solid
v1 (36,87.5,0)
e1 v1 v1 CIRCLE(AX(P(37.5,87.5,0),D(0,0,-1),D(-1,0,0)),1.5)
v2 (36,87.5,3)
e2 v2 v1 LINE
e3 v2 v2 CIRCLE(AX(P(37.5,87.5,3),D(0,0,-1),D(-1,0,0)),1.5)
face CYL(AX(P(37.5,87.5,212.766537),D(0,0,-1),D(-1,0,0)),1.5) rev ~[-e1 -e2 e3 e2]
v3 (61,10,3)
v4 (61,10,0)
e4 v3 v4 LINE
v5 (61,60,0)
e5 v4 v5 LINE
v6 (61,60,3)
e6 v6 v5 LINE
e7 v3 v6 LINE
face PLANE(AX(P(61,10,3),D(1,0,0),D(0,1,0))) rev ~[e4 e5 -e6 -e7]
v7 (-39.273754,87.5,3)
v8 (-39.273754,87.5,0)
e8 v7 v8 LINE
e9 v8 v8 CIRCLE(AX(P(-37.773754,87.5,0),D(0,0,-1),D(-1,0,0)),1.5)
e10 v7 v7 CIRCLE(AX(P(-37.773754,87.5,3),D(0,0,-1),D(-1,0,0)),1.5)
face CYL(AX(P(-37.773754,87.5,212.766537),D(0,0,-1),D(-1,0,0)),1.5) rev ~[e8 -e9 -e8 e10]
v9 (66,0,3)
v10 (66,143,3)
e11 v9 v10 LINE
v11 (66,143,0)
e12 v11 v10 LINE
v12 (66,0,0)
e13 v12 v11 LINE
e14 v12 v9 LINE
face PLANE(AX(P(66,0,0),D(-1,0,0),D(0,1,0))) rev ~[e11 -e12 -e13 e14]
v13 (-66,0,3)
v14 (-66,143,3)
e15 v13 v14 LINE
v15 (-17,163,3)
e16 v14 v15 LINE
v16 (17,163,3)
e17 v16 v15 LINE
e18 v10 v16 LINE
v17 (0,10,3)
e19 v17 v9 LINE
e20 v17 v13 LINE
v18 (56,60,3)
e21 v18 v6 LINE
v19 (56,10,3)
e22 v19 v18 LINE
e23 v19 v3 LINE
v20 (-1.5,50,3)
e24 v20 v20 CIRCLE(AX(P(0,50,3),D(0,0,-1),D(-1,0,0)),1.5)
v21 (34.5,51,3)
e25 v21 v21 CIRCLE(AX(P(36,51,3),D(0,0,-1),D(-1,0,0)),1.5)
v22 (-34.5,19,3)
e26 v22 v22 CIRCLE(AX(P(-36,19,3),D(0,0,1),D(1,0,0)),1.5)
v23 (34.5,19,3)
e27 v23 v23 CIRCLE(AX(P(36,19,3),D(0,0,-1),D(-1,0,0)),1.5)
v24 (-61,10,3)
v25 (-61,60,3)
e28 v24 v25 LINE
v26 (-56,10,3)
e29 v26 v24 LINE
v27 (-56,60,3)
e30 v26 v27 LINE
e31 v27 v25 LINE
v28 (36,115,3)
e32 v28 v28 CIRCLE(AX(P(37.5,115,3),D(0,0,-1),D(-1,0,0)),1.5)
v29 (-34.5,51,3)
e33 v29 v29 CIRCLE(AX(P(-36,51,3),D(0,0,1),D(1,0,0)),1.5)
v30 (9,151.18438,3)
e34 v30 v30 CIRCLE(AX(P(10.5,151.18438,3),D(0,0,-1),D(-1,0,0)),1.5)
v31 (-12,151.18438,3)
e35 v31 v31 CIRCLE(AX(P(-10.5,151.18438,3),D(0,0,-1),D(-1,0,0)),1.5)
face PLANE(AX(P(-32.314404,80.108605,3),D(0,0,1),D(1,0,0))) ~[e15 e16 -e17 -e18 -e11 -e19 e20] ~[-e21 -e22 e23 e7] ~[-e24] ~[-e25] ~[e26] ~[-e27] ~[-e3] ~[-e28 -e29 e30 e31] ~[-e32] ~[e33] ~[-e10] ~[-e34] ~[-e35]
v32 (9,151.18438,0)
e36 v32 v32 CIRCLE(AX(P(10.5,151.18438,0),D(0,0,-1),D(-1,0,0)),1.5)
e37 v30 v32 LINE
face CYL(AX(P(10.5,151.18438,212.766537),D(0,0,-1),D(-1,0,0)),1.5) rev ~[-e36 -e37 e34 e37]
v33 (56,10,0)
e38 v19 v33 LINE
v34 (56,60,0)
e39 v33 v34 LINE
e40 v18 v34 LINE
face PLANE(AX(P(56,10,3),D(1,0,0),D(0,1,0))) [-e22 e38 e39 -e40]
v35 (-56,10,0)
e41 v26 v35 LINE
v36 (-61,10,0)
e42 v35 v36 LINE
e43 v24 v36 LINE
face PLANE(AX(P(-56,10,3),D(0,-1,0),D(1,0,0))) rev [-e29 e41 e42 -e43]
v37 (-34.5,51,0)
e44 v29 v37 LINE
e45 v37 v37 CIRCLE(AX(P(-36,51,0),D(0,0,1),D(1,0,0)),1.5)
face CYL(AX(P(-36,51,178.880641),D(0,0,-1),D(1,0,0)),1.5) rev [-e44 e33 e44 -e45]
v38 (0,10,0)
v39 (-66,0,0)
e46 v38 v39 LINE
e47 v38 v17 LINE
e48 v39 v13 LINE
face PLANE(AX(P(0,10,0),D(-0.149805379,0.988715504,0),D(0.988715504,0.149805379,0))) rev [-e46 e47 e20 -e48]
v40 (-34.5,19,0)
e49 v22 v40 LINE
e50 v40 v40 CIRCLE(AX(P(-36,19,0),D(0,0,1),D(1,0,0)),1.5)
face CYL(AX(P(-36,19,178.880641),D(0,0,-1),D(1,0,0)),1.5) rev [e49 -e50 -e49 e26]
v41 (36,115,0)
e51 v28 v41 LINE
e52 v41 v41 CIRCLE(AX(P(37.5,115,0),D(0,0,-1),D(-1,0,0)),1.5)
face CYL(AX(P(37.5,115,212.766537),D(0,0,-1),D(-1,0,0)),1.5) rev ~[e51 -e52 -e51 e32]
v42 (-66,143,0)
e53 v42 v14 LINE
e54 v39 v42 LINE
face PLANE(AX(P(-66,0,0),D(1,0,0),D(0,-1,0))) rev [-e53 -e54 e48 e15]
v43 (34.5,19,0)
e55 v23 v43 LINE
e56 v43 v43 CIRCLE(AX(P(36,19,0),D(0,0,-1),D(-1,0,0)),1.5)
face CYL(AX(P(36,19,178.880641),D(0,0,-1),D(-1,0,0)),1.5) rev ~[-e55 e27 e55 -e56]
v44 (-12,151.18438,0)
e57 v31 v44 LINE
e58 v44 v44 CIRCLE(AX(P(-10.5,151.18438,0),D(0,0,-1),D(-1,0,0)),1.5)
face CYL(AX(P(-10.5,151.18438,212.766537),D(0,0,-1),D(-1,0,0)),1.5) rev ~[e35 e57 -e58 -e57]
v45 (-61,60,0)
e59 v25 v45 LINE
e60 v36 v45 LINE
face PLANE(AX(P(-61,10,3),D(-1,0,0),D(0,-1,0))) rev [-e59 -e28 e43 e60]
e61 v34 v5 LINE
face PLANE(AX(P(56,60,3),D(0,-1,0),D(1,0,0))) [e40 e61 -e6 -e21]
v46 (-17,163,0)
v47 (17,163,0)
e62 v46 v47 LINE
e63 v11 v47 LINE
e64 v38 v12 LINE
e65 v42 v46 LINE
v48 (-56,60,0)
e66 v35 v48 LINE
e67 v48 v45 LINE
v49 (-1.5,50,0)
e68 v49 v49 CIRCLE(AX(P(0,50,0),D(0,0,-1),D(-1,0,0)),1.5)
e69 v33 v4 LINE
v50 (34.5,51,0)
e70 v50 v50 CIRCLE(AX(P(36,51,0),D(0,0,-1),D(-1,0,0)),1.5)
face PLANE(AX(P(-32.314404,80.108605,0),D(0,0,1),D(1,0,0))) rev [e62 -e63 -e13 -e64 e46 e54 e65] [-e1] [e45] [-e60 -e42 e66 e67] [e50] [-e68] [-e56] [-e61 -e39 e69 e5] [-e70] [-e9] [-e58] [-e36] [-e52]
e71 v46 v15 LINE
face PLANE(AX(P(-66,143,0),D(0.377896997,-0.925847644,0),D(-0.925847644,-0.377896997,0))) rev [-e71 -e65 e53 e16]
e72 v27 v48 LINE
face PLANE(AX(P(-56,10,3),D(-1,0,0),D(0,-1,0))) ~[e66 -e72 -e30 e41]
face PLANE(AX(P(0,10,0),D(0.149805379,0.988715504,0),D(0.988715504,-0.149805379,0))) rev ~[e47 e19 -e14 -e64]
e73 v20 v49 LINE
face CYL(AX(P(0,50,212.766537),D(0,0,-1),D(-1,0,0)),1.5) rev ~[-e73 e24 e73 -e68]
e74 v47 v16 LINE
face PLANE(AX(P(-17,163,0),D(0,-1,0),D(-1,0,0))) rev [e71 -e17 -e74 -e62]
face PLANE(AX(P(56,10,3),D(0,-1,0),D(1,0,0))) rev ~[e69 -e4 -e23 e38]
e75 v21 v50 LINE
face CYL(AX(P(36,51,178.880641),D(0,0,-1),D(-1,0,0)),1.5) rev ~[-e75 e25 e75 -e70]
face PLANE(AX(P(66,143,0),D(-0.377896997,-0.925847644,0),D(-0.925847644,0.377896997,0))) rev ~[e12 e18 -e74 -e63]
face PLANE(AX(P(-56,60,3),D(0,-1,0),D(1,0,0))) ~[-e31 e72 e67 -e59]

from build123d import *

# Parameters (mm, degrees)
F1_DEPTH = 3
F2_W     = 5
F2_H     = 50
F3_DEPTH = 3
F5_D     = 3
F8_D     = 3
F10_D    = 3
F12_D    = 3
F14_D    = 3


with BuildPart() as f1:
    # F0 (on Top) → F1 (new body)
    with BuildSketch(Plane.XY):
        Polygon((0, 10), (66, 0), (66, 143), (17, 163), (0, 163), align=None)
    extrude(amount=F1_DEPTH)

    # F2 (on face) → F3 (cut)
    with BuildSketch(Plane.XY.offset(3)):
        with Locations((58.5, 35)):
            Rectangle(F2_W, F2_H)
    extrude(amount=-F3_DEPTH, mode=Mode.SUBTRACT)

    # F5 (through all)
    with Locations(Plane.XY.offset(3)):
        with Locations((36, 19), (36, 51)):
            Hole(F5_D / 2)

    # F6: F1 across plane


with BuildPart() as f1_1:
    add(f1.part)
    add(f1.part.mirror(Plane.YZ))

    # F8 (through all)
    with Locations(Plane.XY.offset(3)):
        with Locations((0, 50)):
            Hole(F8_D / 2)

    # F10 (through all)
    with Locations(Plane.XY.offset(3)):
        with Locations((-37.773754, 87.5), (37.5, 87.5)):
            Hole(F10_D / 2)

    # F12 (through all)
    with Locations(Plane.XY.offset(3)):
        with Locations((37.5, 115)):
            Hole(F12_D / 2)

    # F14 (through all)
    with Locations(Plane.XY.offset(3)):
        with Locations((-10.5, 151.18438), (10.5, 151.18438)):
            Hole(F14_D / 2)


solid = f1_1.part
